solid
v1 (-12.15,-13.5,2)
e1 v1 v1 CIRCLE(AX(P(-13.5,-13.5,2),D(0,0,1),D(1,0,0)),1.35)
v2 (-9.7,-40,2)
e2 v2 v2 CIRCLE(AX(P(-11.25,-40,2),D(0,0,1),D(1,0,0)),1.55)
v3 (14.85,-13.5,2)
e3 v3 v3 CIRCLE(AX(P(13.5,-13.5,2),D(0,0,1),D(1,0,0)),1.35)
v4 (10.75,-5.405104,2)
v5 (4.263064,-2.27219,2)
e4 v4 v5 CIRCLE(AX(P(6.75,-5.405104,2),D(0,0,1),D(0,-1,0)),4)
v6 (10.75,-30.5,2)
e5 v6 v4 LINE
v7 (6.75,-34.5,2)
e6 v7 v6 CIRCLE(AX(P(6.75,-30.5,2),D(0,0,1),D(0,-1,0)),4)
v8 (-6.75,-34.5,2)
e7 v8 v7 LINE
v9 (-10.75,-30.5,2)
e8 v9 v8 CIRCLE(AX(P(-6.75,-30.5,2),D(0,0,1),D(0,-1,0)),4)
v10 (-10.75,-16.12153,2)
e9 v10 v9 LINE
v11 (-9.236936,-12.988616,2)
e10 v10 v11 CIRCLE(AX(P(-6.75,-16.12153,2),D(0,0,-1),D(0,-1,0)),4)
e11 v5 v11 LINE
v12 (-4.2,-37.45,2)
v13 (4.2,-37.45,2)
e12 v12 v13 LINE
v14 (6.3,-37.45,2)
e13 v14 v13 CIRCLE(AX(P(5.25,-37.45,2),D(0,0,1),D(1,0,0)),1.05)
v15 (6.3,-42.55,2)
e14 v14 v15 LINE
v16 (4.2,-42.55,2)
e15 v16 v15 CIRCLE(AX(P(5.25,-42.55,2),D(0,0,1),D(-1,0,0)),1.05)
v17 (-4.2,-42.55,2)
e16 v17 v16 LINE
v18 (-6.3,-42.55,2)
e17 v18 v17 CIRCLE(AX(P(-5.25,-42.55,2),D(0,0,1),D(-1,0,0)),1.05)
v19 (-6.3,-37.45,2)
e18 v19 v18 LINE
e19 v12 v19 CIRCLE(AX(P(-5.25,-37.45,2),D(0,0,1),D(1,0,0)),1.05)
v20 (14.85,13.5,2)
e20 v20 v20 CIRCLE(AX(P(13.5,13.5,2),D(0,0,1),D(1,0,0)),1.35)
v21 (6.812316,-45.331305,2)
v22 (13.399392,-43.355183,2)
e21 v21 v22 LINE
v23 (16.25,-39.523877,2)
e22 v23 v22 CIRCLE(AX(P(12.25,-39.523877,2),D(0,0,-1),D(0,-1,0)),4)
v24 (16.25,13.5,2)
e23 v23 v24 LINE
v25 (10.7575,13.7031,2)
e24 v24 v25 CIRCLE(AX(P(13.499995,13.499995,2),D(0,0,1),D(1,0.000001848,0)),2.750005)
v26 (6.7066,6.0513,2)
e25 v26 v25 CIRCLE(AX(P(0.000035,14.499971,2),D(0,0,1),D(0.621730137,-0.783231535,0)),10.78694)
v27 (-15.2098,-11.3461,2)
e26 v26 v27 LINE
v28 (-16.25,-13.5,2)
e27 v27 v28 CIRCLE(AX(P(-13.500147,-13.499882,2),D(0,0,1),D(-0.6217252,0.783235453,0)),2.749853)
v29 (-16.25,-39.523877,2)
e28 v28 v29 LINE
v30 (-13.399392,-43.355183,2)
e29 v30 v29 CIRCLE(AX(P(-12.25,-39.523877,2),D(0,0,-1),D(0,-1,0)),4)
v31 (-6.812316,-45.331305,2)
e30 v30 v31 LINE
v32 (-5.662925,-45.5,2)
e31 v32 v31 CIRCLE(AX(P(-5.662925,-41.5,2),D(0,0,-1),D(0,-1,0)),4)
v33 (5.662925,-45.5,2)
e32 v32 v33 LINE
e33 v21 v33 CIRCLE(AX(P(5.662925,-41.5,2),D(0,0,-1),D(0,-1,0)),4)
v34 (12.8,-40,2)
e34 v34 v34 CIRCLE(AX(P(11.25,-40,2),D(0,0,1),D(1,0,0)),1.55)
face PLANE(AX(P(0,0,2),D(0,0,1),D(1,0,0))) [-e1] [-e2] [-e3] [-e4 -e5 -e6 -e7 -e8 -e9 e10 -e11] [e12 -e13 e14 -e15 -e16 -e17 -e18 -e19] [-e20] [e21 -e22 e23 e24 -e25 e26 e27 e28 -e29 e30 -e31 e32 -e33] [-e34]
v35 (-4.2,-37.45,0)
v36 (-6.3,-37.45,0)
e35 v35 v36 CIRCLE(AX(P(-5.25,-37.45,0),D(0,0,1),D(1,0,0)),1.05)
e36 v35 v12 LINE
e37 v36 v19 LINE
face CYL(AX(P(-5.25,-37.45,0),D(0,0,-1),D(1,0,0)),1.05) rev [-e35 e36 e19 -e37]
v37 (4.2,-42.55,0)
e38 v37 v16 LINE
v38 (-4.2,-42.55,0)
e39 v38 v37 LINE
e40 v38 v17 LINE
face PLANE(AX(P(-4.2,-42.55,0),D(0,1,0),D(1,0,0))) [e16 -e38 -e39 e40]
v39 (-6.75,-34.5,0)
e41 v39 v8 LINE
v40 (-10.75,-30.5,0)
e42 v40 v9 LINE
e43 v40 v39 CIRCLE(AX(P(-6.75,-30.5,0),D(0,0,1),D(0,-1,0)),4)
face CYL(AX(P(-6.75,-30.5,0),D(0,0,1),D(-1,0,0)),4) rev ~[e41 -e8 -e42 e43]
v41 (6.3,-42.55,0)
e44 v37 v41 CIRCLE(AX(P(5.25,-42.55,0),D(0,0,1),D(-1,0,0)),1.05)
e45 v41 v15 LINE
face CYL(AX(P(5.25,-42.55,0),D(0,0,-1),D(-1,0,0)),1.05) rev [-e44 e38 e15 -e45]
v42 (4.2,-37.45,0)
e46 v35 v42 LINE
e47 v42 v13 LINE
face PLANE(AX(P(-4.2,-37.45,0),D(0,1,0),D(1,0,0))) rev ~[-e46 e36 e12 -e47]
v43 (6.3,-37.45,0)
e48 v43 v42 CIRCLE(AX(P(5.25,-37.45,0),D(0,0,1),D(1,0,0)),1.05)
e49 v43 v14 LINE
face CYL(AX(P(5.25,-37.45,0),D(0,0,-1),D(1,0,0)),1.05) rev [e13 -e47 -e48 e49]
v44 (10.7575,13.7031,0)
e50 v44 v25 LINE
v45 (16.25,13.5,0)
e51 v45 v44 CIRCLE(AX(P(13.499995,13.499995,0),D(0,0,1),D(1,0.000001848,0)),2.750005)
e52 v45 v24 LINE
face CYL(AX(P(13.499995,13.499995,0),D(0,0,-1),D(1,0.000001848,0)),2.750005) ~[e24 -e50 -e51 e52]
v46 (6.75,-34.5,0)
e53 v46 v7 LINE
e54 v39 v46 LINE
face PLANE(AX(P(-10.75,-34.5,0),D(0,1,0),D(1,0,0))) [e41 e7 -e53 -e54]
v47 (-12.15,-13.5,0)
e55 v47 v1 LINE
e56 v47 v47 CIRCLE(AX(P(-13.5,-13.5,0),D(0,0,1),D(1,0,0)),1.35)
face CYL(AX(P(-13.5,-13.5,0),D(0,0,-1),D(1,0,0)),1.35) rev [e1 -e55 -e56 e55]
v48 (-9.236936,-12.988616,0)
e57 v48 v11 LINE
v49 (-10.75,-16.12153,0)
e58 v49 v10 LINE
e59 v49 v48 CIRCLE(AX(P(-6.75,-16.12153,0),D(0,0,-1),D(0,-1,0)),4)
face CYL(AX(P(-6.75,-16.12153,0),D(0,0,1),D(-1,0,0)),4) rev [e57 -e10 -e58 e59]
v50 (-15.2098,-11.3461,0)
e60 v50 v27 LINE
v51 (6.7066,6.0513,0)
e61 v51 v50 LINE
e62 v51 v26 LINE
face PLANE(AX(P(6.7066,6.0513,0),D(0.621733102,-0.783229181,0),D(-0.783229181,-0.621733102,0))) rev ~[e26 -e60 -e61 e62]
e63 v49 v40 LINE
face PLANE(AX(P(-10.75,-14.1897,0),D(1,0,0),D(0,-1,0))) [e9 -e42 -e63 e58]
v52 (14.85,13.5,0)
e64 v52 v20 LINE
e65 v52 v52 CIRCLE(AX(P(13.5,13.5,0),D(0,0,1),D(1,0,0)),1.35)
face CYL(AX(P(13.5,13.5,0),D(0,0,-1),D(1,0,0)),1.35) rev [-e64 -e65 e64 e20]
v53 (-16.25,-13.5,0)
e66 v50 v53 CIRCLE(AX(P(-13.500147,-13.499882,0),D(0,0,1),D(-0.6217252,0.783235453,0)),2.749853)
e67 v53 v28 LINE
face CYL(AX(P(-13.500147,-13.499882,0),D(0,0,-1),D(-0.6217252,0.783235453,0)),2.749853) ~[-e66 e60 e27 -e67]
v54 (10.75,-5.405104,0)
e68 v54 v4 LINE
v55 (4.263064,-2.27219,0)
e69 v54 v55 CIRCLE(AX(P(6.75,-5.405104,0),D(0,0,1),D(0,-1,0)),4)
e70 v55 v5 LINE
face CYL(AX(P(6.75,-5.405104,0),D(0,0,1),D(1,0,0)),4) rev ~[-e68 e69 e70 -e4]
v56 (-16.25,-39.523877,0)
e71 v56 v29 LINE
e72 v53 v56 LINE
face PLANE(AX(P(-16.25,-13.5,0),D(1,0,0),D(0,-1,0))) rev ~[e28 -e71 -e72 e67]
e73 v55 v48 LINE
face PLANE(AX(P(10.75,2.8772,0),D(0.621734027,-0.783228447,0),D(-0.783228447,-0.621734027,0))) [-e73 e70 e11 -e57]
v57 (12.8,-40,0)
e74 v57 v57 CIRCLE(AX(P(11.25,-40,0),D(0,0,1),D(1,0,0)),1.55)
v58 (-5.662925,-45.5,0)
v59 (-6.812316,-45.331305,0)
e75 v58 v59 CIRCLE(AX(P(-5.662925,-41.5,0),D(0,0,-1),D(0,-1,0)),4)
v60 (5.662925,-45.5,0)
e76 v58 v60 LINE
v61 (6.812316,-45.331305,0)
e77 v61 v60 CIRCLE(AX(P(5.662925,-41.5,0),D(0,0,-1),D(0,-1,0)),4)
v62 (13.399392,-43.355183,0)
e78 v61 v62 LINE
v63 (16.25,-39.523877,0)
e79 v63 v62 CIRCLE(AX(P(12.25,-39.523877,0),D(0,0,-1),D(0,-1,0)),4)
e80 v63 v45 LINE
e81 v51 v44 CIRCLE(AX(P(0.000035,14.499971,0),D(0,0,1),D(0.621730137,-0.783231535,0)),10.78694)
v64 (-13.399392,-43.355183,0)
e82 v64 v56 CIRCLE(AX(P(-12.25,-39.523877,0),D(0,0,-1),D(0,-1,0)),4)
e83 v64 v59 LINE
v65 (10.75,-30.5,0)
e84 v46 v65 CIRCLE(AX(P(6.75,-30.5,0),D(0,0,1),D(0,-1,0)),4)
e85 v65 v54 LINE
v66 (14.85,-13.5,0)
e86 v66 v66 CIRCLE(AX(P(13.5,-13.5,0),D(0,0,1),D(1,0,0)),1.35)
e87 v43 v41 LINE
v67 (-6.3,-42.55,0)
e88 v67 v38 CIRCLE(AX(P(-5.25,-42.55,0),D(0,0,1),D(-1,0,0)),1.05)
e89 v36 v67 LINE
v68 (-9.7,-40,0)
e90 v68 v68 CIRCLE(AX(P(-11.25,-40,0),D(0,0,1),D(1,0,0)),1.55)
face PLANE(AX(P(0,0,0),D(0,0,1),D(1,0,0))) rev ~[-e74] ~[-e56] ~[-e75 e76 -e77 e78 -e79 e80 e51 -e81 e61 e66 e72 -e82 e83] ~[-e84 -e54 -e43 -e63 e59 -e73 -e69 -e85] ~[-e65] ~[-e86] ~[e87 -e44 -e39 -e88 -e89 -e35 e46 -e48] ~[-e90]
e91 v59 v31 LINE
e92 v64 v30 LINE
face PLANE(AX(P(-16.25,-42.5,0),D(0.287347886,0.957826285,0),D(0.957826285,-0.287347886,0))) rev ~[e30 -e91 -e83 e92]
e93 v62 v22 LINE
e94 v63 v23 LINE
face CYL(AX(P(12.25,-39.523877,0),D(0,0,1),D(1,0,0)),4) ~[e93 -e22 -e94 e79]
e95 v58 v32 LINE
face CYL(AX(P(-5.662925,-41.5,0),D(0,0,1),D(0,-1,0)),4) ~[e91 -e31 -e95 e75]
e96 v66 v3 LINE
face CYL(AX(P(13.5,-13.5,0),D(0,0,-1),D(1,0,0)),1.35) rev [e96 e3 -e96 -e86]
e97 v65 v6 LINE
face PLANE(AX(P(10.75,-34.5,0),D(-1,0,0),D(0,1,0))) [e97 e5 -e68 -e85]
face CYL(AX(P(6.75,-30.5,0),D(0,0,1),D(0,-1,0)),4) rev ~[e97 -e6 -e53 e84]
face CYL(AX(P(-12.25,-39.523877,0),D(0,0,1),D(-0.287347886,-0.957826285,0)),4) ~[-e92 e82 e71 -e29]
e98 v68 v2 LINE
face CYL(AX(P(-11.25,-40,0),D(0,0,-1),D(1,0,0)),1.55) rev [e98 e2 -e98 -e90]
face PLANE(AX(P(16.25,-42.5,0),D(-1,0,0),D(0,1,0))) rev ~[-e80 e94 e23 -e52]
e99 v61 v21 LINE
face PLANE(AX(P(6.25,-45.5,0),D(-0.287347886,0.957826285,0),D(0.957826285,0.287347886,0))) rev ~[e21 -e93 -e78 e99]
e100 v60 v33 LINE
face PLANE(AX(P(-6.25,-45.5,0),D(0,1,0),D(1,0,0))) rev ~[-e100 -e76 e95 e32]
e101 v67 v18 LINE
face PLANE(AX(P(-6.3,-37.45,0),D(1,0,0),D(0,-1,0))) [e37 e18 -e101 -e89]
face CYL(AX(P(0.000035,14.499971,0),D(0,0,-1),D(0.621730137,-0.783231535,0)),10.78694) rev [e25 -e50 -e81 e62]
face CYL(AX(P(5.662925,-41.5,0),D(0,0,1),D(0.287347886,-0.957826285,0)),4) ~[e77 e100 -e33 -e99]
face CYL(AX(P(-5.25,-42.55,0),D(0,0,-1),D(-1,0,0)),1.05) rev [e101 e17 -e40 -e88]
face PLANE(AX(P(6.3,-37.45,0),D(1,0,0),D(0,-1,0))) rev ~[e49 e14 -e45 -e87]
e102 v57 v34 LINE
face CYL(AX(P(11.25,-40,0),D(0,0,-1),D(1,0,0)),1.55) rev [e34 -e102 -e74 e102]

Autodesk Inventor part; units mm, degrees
ref_plane "YZ Plane" through (0, 0, 0) normal (1, 0, 0) x (0, 1, 0)
ref_plane "XZ Plane" through (0, 0, 0) normal (0, 1, 0) x (-1, 0, 0)
ref_plane "XY Plane" through (0, 0, 0) normal (0, 0, 1) x (1, 0, 0)
sketch "スケッチ1" plane through (0, 0, 0) normal (0, 0, 1) x (1, 0, 0)
  line L0 (-13.5, 13.5) -> (13.5, 13.5) construction
  line L1 (13.5, 13.5) -> (13.5, -13.5) construction
  line L2 (13.5, -13.5) -> (-13.5, -13.5) construction
  line L3 (-13.5, -13.5) -> (-13.5, 13.5) construction
  circle A0 centre (-13.5, 13.5) radius 1.35
  circle A1 centre (13.5, 13.5) radius 1.35
  circle A2 centre (-13.5, -13.5) radius 1.35
  circle A3 centre (13.5, -13.5) radius 1.35
  circle A4 centre (0, 14.5) radius 10.5 construction
  line L4 (-6.25, -37.5) -> (6.25, -37.5) construction
  line L5 (6.25, -37.5) -> (6.25, -42.5) construction
  line L6 (6.25, -42.5) -> (-6.25, -42.5) construction
  line L7 (-6.25, -42.5) -> (-6.25, -37.5) construction
  line L8 (-16.25, -37.5) -> (16.25, -37.5) construction
  line L9 (16.25, -37.5) -> (16.25, -42.5) construction
  line L10 (16.25, -42.5) -> (-16.25, -42.5) construction
  line L11 (-16.25, -42.5) -> (-16.25, -37.5) construction
  line L12 (-6.3, -37.45) -> (6.3, -37.45) construction
  line L13 (6.3, -37.45) -> (6.3, -42.55) construction
  line L14 (6.3, -42.55) -> (-6.3, -42.55) construction
  line L15 (-6.3, -42.55) -> (-6.3, -37.45) construction
  circle A5 centre (-5.25, -37.45) radius 1.05 construction
  circle A6 centre (-11.25, -40) radius 1.55
  circle A7 centre (11.25, -40) radius 1.55
  line L16 (0, 0) -> (0, -13.5) construction
  line L17 (-6.3, -37.45) -> (-6.3, -42.55)
  line L18 (6.3, -40) -> (-6.3, -40) construction
  line L19 (0, -37.5) -> (0, -42.55) construction
  arc A8 (-4.2, -37.45) -> (-6.3, -37.45) centre (-5.25, -37.45) ccw
  arc A9 (-6.3, -42.55) -> (-4.2, -42.55) centre (-5.25, -42.55) ccw
  line L20 (-4.2, -37.45) -> (4.2, -37.45)
  line L21 (-4.2, -42.55) -> (4.2, -42.55)
  arc A10 (6.3, -37.45) -> (4.2, -37.45) centre (5.25, -37.45) ccw
  arc A11 (4.2, -42.55) -> (6.3, -42.55) centre (5.25, -42.55) ccw
  line L22 (6.3, -37.45) -> (6.3, -42.55)
  circle A12 centre (-13.5, -13.5) radius 2.75 construction
  circle A13 centre (13.5, 13.5) radius 2.75 construction
  line L23 (-16.25, -13.5) -> (-16.25, -42.5)
  line L24 (-16.25, -42.5) -> (-6.25, -45.5)
  line L25 (-6.25, -45.5) -> (6.25, -45.5)
  line L26 (6.25, -45.5) -> (16.25, -42.5)
  line L27 (16.25, -42.5) -> (16.25, 13.5)
  arc A14 (16.25, 13.5) -> (10.7575, 13.7031) centre (13.5, 13.5) ccw
  arc A15 (6.7066, 6.0513) -> (10.7575, 13.7031) centre (0, 14.5) ccw
  line L28 (6.7066, 6.0513) -> (-15.2098, -11.3461)
  arc A16 (-15.2098, -11.3461) -> (-16.25, -13.5) centre (-13.5, -13.5) ccw
  line L29 (-10.75, -14.1897) -> (-10.75, -34.5)
  line L30 (-10.75, -34.5) -> (10.75, -34.5)
  line L31 (10.75, -34.5) -> (10.75, 2.8772)
  line L32 (10.75, 2.8772) -> (-10.75, -14.1897)
  point P0 (0, 13.5)
  point P1 (13.5, 0)
  point P2 (-16.25, -40)
  dimension "d23" = 2.1
  dimension "d0" = 27
  dimension "d3" = 27
  dimension "d6" = 27
  dimension "d9" = 2.7
  dimension "d10" = 21
  dimension "d11" = 1
  dimension "d12" = 24
  dimension "d13" = 5
  dimension "d16" = 32.5
  dimension "d20" = 10
  dimension "d22" = 0.05
  dimension "d24" = 5
  dimension "d26" = 3.1
  dimension "d31" = 5.5
  dimension "d32" = 3
  dimension "d33" = 5
  dimension "d34" = 3
extrude "押し出し1" add sketch "スケッチ1" along normal blind 2 contours A16 L28 A15 A14 L27 L26 L25 L24 L23
fillet "フィレット1" radius 4 8 edges at (10.75, 2.8772, 1) (-10.75, -34.5, 1) (-10.75, -14.1897, 1) (10.75, -34.5, 1) (16.25, -42.5, 1) (-16.25, -42.5, 1) (-6.25, -45.5, 1) (6.25, -45.5, 1)
equation "\"d3\" = d0"
equation "\"d6\" = d0"
equation "\"d16\" = d0_1"
equation "\"d20\" = d3_1"
equation "\"d24\" = d17"
equation "\"d34\" = d32"
equation "\"d0_1\" = 32.5"
equation "\"d3_1\" = 10"
equation "\"d17\" = 5"
properties part number "上腕_サブフレーム_1_1" material "GFRP"
